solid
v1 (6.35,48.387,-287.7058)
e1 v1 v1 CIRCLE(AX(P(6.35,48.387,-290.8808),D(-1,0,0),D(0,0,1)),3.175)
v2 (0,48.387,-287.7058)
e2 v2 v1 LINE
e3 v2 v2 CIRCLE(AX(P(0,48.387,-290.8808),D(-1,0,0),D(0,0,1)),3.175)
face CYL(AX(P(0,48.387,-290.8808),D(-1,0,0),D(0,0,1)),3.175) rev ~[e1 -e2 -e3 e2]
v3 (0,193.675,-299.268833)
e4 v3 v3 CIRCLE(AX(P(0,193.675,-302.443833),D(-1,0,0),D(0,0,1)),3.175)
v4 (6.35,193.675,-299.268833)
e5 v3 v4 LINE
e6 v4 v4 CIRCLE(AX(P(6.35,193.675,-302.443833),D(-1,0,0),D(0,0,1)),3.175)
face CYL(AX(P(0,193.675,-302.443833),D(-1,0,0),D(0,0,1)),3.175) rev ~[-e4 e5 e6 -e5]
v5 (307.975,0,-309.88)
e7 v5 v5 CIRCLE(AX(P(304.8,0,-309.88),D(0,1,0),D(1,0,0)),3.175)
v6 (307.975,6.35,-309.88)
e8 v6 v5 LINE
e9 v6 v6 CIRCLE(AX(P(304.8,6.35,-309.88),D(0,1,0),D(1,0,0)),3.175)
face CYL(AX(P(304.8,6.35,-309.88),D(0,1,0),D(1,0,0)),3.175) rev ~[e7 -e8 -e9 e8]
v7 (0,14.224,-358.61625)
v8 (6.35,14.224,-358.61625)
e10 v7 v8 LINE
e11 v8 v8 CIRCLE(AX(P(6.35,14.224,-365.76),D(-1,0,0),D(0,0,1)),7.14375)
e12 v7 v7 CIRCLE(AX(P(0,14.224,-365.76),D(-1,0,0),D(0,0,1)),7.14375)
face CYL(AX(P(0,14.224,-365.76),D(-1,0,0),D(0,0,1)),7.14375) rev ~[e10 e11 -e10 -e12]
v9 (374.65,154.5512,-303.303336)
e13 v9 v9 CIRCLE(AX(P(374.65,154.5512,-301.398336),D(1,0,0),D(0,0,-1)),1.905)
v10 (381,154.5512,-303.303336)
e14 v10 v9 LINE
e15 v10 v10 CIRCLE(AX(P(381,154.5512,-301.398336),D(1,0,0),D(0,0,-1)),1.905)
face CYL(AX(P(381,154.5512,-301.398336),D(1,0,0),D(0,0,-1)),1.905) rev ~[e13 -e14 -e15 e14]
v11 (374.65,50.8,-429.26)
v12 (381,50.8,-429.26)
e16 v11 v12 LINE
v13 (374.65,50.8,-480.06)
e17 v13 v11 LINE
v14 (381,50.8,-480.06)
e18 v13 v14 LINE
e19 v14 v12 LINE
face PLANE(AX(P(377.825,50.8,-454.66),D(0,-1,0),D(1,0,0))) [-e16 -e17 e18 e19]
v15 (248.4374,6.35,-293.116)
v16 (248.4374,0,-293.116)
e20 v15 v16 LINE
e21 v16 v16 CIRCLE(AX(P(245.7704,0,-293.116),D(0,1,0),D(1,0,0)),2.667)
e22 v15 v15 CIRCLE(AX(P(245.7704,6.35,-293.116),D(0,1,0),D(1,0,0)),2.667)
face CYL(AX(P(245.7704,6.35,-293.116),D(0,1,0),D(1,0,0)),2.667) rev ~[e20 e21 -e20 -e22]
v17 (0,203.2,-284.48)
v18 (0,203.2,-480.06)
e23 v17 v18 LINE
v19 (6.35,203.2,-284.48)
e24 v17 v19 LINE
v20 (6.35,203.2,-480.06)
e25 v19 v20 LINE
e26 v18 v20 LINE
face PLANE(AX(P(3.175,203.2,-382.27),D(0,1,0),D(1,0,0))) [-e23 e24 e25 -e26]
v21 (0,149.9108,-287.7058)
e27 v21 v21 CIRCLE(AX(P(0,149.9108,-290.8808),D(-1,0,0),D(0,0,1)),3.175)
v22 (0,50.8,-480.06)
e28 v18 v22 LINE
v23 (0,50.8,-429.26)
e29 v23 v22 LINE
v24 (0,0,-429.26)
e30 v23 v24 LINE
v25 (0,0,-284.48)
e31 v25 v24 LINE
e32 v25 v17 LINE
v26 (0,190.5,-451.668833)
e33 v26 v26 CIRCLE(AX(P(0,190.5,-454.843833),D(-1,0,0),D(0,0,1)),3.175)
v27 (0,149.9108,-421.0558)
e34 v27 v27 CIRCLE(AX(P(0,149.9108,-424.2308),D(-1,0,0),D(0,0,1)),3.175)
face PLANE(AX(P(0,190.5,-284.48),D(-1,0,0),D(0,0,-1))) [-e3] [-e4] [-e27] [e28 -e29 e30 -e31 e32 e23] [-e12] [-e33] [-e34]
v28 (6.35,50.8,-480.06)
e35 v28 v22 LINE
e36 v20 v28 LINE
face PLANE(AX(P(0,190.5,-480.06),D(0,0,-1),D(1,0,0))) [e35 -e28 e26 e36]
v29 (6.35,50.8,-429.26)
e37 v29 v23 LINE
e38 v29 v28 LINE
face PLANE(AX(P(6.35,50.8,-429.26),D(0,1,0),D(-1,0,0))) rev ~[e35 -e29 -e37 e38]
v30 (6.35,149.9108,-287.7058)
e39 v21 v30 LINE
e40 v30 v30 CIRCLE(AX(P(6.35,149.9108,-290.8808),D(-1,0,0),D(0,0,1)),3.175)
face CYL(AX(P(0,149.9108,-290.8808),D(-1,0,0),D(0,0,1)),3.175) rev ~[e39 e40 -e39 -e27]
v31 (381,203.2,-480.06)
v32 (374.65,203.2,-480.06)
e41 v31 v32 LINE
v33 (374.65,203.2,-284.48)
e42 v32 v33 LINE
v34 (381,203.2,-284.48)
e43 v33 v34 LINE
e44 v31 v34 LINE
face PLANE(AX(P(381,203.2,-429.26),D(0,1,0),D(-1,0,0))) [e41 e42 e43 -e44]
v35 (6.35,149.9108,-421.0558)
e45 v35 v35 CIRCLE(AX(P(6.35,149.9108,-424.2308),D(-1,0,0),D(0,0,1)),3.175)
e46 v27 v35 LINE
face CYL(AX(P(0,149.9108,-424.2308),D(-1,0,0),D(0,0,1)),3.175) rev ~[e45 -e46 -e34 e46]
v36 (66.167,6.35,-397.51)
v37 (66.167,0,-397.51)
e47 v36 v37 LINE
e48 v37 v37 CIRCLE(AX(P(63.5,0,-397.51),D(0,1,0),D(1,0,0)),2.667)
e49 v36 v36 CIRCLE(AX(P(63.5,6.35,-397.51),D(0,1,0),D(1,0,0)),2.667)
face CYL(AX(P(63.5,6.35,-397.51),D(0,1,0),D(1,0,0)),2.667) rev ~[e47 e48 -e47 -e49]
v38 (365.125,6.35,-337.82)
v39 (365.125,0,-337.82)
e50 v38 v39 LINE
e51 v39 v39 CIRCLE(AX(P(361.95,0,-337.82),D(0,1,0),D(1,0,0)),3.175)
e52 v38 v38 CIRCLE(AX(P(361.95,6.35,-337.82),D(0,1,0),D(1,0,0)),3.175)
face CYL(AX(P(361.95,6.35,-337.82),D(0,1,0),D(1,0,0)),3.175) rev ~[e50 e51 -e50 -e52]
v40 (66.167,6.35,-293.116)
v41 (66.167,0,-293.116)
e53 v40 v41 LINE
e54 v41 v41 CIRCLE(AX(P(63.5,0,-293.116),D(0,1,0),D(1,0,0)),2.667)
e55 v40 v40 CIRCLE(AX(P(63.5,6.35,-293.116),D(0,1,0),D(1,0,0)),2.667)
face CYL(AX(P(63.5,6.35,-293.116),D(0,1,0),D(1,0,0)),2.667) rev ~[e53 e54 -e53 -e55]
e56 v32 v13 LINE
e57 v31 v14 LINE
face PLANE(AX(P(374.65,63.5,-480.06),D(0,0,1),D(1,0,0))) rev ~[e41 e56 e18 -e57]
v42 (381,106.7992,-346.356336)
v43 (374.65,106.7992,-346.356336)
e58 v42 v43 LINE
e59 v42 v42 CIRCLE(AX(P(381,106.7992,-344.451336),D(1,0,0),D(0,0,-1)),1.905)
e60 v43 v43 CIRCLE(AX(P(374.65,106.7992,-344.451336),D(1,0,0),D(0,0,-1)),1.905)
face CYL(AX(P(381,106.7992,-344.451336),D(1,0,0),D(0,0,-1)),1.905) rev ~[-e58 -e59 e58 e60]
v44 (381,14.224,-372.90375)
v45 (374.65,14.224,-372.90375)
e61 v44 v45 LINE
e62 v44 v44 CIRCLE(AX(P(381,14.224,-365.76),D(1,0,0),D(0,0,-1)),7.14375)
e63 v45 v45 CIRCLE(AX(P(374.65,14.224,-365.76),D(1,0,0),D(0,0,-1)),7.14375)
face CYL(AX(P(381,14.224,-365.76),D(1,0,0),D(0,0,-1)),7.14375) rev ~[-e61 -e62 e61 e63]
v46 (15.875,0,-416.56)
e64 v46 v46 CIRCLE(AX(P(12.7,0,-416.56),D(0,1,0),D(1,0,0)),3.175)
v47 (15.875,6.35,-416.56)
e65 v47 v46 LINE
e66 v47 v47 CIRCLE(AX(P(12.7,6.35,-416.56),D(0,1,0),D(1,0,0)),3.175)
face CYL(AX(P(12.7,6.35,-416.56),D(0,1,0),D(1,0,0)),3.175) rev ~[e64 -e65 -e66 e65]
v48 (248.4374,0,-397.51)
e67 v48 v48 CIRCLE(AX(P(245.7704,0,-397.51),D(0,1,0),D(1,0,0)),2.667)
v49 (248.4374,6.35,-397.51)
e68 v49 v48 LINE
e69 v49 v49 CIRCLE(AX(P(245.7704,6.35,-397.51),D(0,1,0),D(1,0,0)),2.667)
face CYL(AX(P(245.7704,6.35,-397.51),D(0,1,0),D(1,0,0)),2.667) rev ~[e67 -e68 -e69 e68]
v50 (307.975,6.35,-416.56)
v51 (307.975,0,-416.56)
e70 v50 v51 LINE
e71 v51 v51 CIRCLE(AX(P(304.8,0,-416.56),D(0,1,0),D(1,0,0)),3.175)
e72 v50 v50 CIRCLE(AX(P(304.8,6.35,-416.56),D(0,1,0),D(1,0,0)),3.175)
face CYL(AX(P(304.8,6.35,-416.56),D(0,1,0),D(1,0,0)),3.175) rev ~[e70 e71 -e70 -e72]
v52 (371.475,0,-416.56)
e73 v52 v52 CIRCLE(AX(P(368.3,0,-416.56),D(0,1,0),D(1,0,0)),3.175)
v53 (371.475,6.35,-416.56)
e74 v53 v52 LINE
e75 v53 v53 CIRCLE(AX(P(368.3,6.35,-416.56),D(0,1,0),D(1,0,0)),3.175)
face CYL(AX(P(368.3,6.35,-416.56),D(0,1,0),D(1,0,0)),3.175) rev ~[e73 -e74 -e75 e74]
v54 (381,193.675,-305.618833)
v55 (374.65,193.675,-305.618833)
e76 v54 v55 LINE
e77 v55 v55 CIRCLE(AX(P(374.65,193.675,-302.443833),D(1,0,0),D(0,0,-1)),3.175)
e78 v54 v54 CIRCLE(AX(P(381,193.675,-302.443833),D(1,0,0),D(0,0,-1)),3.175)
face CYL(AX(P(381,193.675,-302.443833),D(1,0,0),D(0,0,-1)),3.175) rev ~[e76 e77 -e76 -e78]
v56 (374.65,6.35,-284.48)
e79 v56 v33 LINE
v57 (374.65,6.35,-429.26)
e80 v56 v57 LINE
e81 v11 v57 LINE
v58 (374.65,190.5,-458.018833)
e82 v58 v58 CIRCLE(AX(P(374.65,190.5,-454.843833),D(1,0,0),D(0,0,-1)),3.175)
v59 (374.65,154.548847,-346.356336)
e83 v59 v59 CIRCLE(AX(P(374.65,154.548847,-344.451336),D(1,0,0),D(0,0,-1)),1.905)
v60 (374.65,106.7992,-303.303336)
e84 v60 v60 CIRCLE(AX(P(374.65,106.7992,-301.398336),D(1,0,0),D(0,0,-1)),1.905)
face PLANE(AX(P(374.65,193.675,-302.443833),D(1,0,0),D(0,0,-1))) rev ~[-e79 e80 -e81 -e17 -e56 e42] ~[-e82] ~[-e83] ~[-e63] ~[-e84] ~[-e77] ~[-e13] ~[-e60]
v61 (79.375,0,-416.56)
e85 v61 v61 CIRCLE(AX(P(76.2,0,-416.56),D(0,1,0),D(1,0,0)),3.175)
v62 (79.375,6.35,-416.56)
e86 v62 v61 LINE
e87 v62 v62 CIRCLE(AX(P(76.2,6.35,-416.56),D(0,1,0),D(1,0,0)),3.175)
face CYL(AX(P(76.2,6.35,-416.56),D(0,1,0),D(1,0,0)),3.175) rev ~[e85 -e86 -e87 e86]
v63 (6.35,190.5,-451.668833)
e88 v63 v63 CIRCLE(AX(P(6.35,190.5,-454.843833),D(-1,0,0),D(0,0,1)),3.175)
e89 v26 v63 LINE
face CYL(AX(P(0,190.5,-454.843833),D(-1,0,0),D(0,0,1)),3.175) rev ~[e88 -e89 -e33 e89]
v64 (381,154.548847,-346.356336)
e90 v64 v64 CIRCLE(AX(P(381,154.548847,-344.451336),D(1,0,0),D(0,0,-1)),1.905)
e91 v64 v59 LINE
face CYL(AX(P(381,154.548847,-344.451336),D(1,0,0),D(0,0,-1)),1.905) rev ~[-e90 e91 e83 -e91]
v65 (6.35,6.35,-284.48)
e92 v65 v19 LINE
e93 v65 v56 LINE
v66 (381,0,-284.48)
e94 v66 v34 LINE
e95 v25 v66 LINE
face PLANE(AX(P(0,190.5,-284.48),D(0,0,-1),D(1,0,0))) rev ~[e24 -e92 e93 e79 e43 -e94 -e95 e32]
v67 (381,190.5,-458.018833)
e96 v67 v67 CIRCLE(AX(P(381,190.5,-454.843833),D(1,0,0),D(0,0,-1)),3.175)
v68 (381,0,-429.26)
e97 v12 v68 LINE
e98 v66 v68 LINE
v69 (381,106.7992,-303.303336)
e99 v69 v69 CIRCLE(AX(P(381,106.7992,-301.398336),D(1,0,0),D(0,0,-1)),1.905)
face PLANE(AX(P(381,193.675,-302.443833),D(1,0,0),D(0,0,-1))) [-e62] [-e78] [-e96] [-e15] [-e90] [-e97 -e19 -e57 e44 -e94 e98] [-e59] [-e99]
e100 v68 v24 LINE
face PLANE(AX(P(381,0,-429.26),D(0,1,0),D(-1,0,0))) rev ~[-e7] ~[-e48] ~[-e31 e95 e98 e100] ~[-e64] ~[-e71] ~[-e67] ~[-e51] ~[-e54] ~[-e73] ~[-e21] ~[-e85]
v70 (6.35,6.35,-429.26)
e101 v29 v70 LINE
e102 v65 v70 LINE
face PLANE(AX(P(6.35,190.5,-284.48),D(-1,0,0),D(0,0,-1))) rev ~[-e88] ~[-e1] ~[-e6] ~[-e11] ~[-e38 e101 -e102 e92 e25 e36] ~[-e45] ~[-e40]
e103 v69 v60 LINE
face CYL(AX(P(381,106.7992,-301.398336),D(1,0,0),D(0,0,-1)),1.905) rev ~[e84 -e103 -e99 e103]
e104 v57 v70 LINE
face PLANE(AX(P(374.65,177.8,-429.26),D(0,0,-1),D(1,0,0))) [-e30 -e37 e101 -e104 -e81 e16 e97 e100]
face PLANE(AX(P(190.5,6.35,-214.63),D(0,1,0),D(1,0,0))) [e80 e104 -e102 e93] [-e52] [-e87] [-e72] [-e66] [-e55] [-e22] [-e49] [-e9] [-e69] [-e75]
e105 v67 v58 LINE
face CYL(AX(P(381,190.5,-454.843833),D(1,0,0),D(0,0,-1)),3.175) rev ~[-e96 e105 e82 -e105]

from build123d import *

# Parameters (mm, degrees)
SKETCH1_W            = 381
SKETCH1_H            = 429.26
BOSS_EXTRUDE1_DEPTH  = 6.35
SKETCH2_W            = 254
SKETCH2_H            = 203.2
CUT_EXTRUDE1_DEPTH   = 6.35
SKETCH3_W            = 381
SKETCH3_H            = 73.66
CUT_EXTRUDE2_DEPTH   = 6.35
SKETCH4_W            = 254
SKETCH4_H            = 6.35
CUT_EXTRUDE3_DEPTH   = 73.66
SKETCH6_W            = 6.35
SKETCH6_H            = 195.58
BOSS_EXTRUDE2_DEPTH  = 171.45
SKETCH7_W            = 6.35
SKETCH7_H            = 195.58
BOSS_EXTRUDE3_DEPTH  = 158.75
SKETCH8_W            = 6.35
SKETCH8_H            = 165.1
BOSS_EXTRUDE4_DEPTH  = 50.8
SKETCH9_W            = 6.35
SKETCH9_H            = 158.75
CUT_EXTRUDE4_DEPTH   = 50.8
SKETCH10_W           = 6.899940386
SKETCH10_H           = 177.8
BOSS_EXTRUDE5_DEPTH  = 50.8
SKETCH11_W           = 6.35
SKETCH11_H           = 171.45
CUT_EXTRUDE5_DEPTH   = 50.8
SKETCH13_W           = 0.549940386
SKETCH13_H           = 171.45
CUT_EXTRUDE6_DEPTH   = 50.8
SKETCH14_W           = 6.899940386
SKETCH14_H           = 177.8
CUT_EXTRUDE7_DEPTH   = 50.8
SKETCH15_W           = 6.35
SKETCH15_H           = 165.1
CUT_EXTRUDE8_DEPTH   = 50.8
SKETCH16_W           = 6.35
SKETCH16_H           = 144.78
BOSS_EXTRUDE6_DEPTH  = 25.4
SKETCH17_W           = 6.35
SKETCH17_H           = 144.78
BOSS_EXTRUDE7_DEPTH  = 19.05
SKETCH19_W           = 6.35
SKETCH19_H           = 139.7
BOSS_EXTRUDE8_DEPTH  = 50.8
SKETCH20_W           = 6.35
SKETCH20_H           = 195.58
BOSS_EXTRUDE9_DEPTH  = 31.75
SKETCH21_W           = 6.35
SKETCH21_H           = 139.7
BOSS_EXTRUDE10_DEPTH = 50.8
SKETCH22_W           = 6.35
SKETCH22_H           = 195.58
BOSS_EXTRUDE11_DEPTH = 50.8
SKETCH23_W           = 6.35
SKETCH23_H           = 50.8
BOSS_EXTRUDE12_DEPTH = 12.7
SKETCH24_W           = 6.35
SKETCH24_H           = 195.58
BOSS_EXTRUDE13_DEPTH = 12.7
SKETCH26_W           = 381
SKETCH26_H           = 210.82
CUT_EXTRUDE9_DEPTH   = 12.7
SKETCH27_R           = 7.14375
CUT_EXTRUDE12_DEPTH  = 8.89
SKETCH29_R           = 7.14375
CUT_EXTRUDE13_DEPTH  = 8.89
SKETCH31_R           = 3.175
CUT_EXTRUDE14_DEPTH  = 12.7
SKETCH36_R           = 1.905
CUT_EXTRUDE17_DEPTH  = 12.7
SKETCH37_R           = 2.667
CUT_EXTRUDE18_DEPTH  = 17.78
SKETCH38_R           = 3.175
CUT_EXTRUDE19_DEPTH  = 17.78
SKETCH39_R           = 3.175
CUT_EXTRUDE20_DEPTH  = 17.78
SKETCH41_R           = 3.175
CUT_EXTRUDE21_DEPTH  = 15.24
SKETCH42_R           = 3.302
CUT_EXTRUDE22_DEPTH  = 12.7
SKETCH43_R           = 3.302
SKETCH43_R_2         = 3.175
SKETCH43_R_3         = 3.175000007
BOSS_EXTRUDE14_DEPTH = 6.35


with BuildPart() as part:
    # Sketch1 → Boss-Extrude1 (new body)
    with BuildSketch(Plane(origin=(0, 0, 0), x_dir=(1, 0, 0), z_dir=(0, 1, 0))):
        with Locations((190.5, 214.63)):
            Rectangle(SKETCH1_W, SKETCH1_H)
    extrude(amount=BOSS_EXTRUDE1_DEPTH)

    # Sketch2 → Cut-Extrude1 (cut)
    with BuildSketch(Plane(origin=(0, 6.35, 0), x_dir=(1, 0, 0), z_dir=(0, 1, 0))):
        with Locations((190.5, 101.6)):
            Rectangle(SKETCH2_W, SKETCH2_H)
    extrude(amount=-CUT_EXTRUDE1_DEPTH, mode=Mode.SUBTRACT)

    # Sketch3 → Cut-Extrude2 (cut)
    with BuildSketch(Plane(origin=(0, 6.35, 0), x_dir=(1, 0, 0), z_dir=(0, 1, 0))):
        with Locations((190.5, 36.83)):
            Rectangle(SKETCH3_W, SKETCH3_H)
    extrude(amount=-CUT_EXTRUDE2_DEPTH, mode=Mode.SUBTRACT)

    # Sketch4 → Cut-Extrude3 (cut)
    with BuildSketch(Plane.XY.offset(-203.2)):
        with Locations((190.5, 3.175)):
            Rectangle(SKETCH4_W, SKETCH4_H)
    extrude(amount=-CUT_EXTRUDE3_DEPTH, mode=Mode.SUBTRACT)

    # Sketch6 → Boss-Extrude2 (add)
    with BuildSketch(Plane(origin=(0, 6.35, 0), x_dir=(1, 0, 0), z_dir=(0, 1, 0))):
        with Locations((377.825, 331.47)):
            Rectangle(SKETCH6_W, SKETCH6_H)
    extrude(amount=BOSS_EXTRUDE2_DEPTH)

    # Sketch7 → Boss-Extrude3 (add)
    with BuildSketch(Plane(origin=(0, 6.35, 0), x_dir=(1, 0, 0), z_dir=(0, 1, 0))):
        with Locations((3.175, 331.47)):
            Rectangle(SKETCH7_W, SKETCH7_H)
    extrude(amount=BOSS_EXTRUDE3_DEPTH)

    # Sketch8 → Boss-Extrude4 (add)
    with BuildSketch(Plane(origin=(0, 0, -429.26), x_dir=(-1, 0, 0), z_dir=(0, 0, -1))):
        with Locations((-3.175, 82.55)):
            Rectangle(SKETCH8_W, SKETCH8_H)
    extrude(amount=BOSS_EXTRUDE4_DEPTH)

    # Sketch9 → Cut-Extrude4 (cut)
    with BuildSketch(Plane.XY.offset(-233.68)):
        with Locations((3.175, 85.725)):
            Rectangle(SKETCH9_W, SKETCH9_H)
    extrude(amount=-CUT_EXTRUDE4_DEPTH, mode=Mode.SUBTRACT)

    # Sketch10 → Boss-Extrude5 (add)
    with BuildSketch(Plane(origin=(0, 0, -429.26), x_dir=(-1, 0, 0), z_dir=(0, 0, -1))):
        with Locations((-377.550029807, 88.9)):
            Rectangle(SKETCH10_W, SKETCH10_H)
    extrude(amount=BOSS_EXTRUDE5_DEPTH)

    # Sketch11 → Cut-Extrude5 (cut)
    with BuildSketch(Plane.XY.offset(-233.68)):
        with Locations((377.825, 92.075)):
            Rectangle(SKETCH11_W, SKETCH11_H)
    extrude(amount=-CUT_EXTRUDE5_DEPTH, mode=Mode.SUBTRACT)

    # Sketch13 → Cut-Extrude6 (cut)
    with BuildSketch(Plane.XY.offset(-429.26)):
        with Locations((374.375029807, 92.075)):
            Rectangle(SKETCH13_W, SKETCH13_H)
    extrude(amount=-CUT_EXTRUDE6_DEPTH, mode=Mode.SUBTRACT)

    # Sketch14 → Cut-Extrude7 (cut)
    with BuildSketch(Plane(origin=(0, 0, -480.06), x_dir=(-1, 0, 0), z_dir=(0, 0, -1))):
        with Locations((-377.550029807, 88.9)):
            Rectangle(SKETCH14_W, SKETCH14_H)
    extrude(amount=-CUT_EXTRUDE7_DEPTH, mode=Mode.SUBTRACT)

    # Sketch15 → Cut-Extrude8 (cut)
    with BuildSketch(Plane(origin=(0, 0, -480.06), x_dir=(-1, 0, 0), z_dir=(0, 0, -1))):
        with Locations((-3.175, 82.55)):
            Rectangle(SKETCH15_W, SKETCH15_H)
    extrude(amount=-CUT_EXTRUDE8_DEPTH, mode=Mode.SUBTRACT)

    # Sketch16 → Boss-Extrude6 (add)
    with BuildSketch(Plane(origin=(0, 177.8, 0), x_dir=(1, 0, 0), z_dir=(0, 1, 0))):
        with Locations((377.825, 356.87)):
            Rectangle(SKETCH16_W, SKETCH16_H)
    extrude(amount=BOSS_EXTRUDE6_DEPTH)

    # Sketch17 → Boss-Extrude7 (add)
    with BuildSketch(Plane(origin=(0, 165.1, 0), x_dir=(1, 0, 0), z_dir=(0, 1, 0))):
        with Locations((3.175, 356.87)):
            Rectangle(SKETCH17_W, SKETCH17_H)
    extrude(amount=-BOSS_EXTRUDE7_DEPTH)

    # Sketch19 → Boss-Extrude8 (add)
    with BuildSketch(Plane(origin=(0, 0, -429.26), x_dir=(-1, 0, 0), z_dir=(0, 0, -1))):
        with Locations((-3.175, 120.65)):
            Rectangle(SKETCH19_W, SKETCH19_H)
    extrude(amount=BOSS_EXTRUDE8_DEPTH)

    # Sketch20 → Boss-Extrude9 (add)
    with BuildSketch(Plane(origin=(0, 190.5, 0), x_dir=(1, 0, 0), z_dir=(0, 1, 0))):
        with Locations((3.175, 382.27)):
            Rectangle(SKETCH20_W, SKETCH20_H)
    extrude(amount=-BOSS_EXTRUDE9_DEPTH)

    # Sketch21 → Boss-Extrude10 (add)
    with BuildSketch(Plane(origin=(0, 0, -429.26), x_dir=(-1, 0, 0), z_dir=(0, 0, -1))):
        with Locations((-377.825, 133.35)):
            Rectangle(SKETCH21_W, SKETCH21_H)
    extrude(amount=BOSS_EXTRUDE10_DEPTH)

    # Sketch22 → Boss-Extrude11 (add)
    with BuildSketch(Plane(origin=(0, 203.2, 0), x_dir=(1, 0, 0), z_dir=(0, 1, 0))):
        with Locations((377.825, 382.27)):
            Rectangle(SKETCH22_W, SKETCH22_H)
    extrude(amount=-BOSS_EXTRUDE11_DEPTH)

    # Sketch23 → Boss-Extrude12 (add)
    with BuildSketch(Plane.XZ.offset(-63.5)):
        with Locations((377.825, -454.66)):
            Rectangle(SKETCH23_W, SKETCH23_H)
    extrude(amount=BOSS_EXTRUDE12_DEPTH)

    # Sketch24 → Boss-Extrude13 (add)
    with BuildSketch(Plane(origin=(0, 190.5, 0), x_dir=(1, 0, 0), z_dir=(0, 1, 0))):
        with Locations((3.175, 382.27)):
            Rectangle(SKETCH24_W, SKETCH24_H)
    extrude(amount=BOSS_EXTRUDE13_DEPTH)

    # Sketch26 → Cut-Extrude9 (cut)
    with BuildSketch(Plane(origin=(0, 6.35, 0), x_dir=(1, 0, 0), z_dir=(0, 1, 0))):
        with Locations((190.5, 179.07)):
            Rectangle(SKETCH26_W, SKETCH26_H)
    extrude(amount=-CUT_EXTRUDE9_DEPTH, mode=Mode.SUBTRACT)

    # Sketch27 → Cut-Extrude12 (cut)
    with BuildSketch(Plane.ZY):
        with Locations((-365.76, 14.224)):
            Circle(SKETCH27_R)
    extrude(amount=-CUT_EXTRUDE12_DEPTH, mode=Mode.SUBTRACT)

    # Sketch29 → Cut-Extrude13 (cut)
    with BuildSketch(Plane(origin=(381, 0, 0), x_dir=(0, 0, -1), z_dir=(1, 0, 0))):
        with Locations((365.76, 14.224)):
            Circle(SKETCH29_R)
    extrude(amount=-CUT_EXTRUDE13_DEPTH, mode=Mode.SUBTRACT)

    # Sketch31 → Cut-Extrude14 (cut)
    with BuildSketch(Plane(origin=(0, 6.35, 0), x_dir=(1, 0, 0), z_dir=(0, 1, 0))):
        with Locations((368.3, 416.56)):
            Circle(SKETCH31_R)
        with Locations((304.8, 416.56)):
            Circle(SKETCH31_R)
        with Locations((12.7, 416.56)):
            Circle(SKETCH31_R)
        with Locations((76.2, 416.56)):
            Circle(SKETCH31_R)
    extrude(amount=-CUT_EXTRUDE14_DEPTH, mode=Mode.SUBTRACT)

    # Sketch36 → Cut-Extrude17 (cut)
    with BuildSketch(Plane(origin=(381, 0, 0), x_dir=(0, 0, -1), z_dir=(1, 0, 0))):
        with Locations((344.451335942, 154.548846533)):
            Circle(SKETCH36_R)
        with Locations((301.398335942, 154.5512)):
            Circle(SKETCH36_R)
        with Locations((344.451335942, 106.7992)):
            Circle(SKETCH36_R)
        with Locations((301.398335942, 106.7992)):
            Circle(SKETCH36_R)
    extrude(amount=-CUT_EXTRUDE17_DEPTH, mode=Mode.SUBTRACT)

    # Sketch37 → Cut-Extrude18 (cut)
    with BuildSketch(Plane(origin=(0, 6.35, 0), x_dir=(1, 0, 0), z_dir=(0, 1, 0))):
        with Locations((63.5, 397.51)):
            Circle(SKETCH37_R)
        with Locations((63.5, 293.116)):
            Circle(SKETCH37_R)
        with Locations((245.7704, 293.116)):
            Circle(SKETCH37_R)
        with Locations((245.7704, 397.51)):
            Circle(SKETCH37_R)
    extrude(amount=-CUT_EXTRUDE18_DEPTH, mode=Mode.SUBTRACT)

    # Sketch38 → Cut-Extrude19 (cut)
    with BuildSketch(Plane(origin=(0, 6.35, 0), x_dir=(1, 0, 0), z_dir=(0, 1, 0))):
        with Locations((304.8, 309.88)):
            Circle(SKETCH38_R)
        with Locations((361.95, 337.82)):
            Circle(SKETCH38_R)
    extrude(amount=-CUT_EXTRUDE19_DEPTH, mode=Mode.SUBTRACT)

    # Sketch39 → Cut-Extrude20 (cut)
    with BuildSketch(Plane.ZY):
        with Locations((-454.84383327, 190.5)):
            Circle(SKETCH39_R)
        with Locations((-302.443833262, 193.675)):
            Circle(SKETCH39_R)
    extrude(amount=-CUT_EXTRUDE20_DEPTH, mode=Mode.SUBTRACT)

    # Sketch41 → Cut-Extrude21 (cut)
    with BuildSketch(Plane.ZY):
        with Locations((-424.2308, 149.9108)):
            Circle(SKETCH41_R)
        with Locations((-290.8808, 48.387)):
            Circle(SKETCH41_R)
        with Locations((-290.8808, 149.9108)):
            Circle(SKETCH41_R)
    extrude(amount=-CUT_EXTRUDE21_DEPTH, mode=Mode.SUBTRACT)

    # Sketch42 → Cut-Extrude22 (cut)
    with BuildSketch(Plane(origin=(381, 0, 0), x_dir=(0, 0, -1), z_dir=(1, 0, 0))):
        with Locations((454.843833262, 190.5)):
            Circle(SKETCH42_R)
        with Locations((302.443833262, 193.675)):
            Circle(SKETCH42_R)
    extrude(amount=-CUT_EXTRUDE22_DEPTH, mode=Mode.SUBTRACT)

    # Sketch43 → Boss-Extrude14 (add)
    with BuildSketch(Plane(origin=(381, 0, 0), x_dir=(0, 0, -1), z_dir=(1, 0, 0))):
        with Locations((302.443833262, 193.675)):
            Circle(SKETCH43_R)
        with Locations((302.443833262, 193.675)):
            Circle(SKETCH43_R_2, mode=Mode.SUBTRACT)
        with Locations((454.843833262, 190.5)):
            Circle(SKETCH43_R)
        with Locations((454.843833262, 190.5)):
            Circle(SKETCH43_R_3, mode=Mode.SUBTRACT)
    extrude(amount=-BOSS_EXTRUDE14_DEPTH)


solid = part.part
